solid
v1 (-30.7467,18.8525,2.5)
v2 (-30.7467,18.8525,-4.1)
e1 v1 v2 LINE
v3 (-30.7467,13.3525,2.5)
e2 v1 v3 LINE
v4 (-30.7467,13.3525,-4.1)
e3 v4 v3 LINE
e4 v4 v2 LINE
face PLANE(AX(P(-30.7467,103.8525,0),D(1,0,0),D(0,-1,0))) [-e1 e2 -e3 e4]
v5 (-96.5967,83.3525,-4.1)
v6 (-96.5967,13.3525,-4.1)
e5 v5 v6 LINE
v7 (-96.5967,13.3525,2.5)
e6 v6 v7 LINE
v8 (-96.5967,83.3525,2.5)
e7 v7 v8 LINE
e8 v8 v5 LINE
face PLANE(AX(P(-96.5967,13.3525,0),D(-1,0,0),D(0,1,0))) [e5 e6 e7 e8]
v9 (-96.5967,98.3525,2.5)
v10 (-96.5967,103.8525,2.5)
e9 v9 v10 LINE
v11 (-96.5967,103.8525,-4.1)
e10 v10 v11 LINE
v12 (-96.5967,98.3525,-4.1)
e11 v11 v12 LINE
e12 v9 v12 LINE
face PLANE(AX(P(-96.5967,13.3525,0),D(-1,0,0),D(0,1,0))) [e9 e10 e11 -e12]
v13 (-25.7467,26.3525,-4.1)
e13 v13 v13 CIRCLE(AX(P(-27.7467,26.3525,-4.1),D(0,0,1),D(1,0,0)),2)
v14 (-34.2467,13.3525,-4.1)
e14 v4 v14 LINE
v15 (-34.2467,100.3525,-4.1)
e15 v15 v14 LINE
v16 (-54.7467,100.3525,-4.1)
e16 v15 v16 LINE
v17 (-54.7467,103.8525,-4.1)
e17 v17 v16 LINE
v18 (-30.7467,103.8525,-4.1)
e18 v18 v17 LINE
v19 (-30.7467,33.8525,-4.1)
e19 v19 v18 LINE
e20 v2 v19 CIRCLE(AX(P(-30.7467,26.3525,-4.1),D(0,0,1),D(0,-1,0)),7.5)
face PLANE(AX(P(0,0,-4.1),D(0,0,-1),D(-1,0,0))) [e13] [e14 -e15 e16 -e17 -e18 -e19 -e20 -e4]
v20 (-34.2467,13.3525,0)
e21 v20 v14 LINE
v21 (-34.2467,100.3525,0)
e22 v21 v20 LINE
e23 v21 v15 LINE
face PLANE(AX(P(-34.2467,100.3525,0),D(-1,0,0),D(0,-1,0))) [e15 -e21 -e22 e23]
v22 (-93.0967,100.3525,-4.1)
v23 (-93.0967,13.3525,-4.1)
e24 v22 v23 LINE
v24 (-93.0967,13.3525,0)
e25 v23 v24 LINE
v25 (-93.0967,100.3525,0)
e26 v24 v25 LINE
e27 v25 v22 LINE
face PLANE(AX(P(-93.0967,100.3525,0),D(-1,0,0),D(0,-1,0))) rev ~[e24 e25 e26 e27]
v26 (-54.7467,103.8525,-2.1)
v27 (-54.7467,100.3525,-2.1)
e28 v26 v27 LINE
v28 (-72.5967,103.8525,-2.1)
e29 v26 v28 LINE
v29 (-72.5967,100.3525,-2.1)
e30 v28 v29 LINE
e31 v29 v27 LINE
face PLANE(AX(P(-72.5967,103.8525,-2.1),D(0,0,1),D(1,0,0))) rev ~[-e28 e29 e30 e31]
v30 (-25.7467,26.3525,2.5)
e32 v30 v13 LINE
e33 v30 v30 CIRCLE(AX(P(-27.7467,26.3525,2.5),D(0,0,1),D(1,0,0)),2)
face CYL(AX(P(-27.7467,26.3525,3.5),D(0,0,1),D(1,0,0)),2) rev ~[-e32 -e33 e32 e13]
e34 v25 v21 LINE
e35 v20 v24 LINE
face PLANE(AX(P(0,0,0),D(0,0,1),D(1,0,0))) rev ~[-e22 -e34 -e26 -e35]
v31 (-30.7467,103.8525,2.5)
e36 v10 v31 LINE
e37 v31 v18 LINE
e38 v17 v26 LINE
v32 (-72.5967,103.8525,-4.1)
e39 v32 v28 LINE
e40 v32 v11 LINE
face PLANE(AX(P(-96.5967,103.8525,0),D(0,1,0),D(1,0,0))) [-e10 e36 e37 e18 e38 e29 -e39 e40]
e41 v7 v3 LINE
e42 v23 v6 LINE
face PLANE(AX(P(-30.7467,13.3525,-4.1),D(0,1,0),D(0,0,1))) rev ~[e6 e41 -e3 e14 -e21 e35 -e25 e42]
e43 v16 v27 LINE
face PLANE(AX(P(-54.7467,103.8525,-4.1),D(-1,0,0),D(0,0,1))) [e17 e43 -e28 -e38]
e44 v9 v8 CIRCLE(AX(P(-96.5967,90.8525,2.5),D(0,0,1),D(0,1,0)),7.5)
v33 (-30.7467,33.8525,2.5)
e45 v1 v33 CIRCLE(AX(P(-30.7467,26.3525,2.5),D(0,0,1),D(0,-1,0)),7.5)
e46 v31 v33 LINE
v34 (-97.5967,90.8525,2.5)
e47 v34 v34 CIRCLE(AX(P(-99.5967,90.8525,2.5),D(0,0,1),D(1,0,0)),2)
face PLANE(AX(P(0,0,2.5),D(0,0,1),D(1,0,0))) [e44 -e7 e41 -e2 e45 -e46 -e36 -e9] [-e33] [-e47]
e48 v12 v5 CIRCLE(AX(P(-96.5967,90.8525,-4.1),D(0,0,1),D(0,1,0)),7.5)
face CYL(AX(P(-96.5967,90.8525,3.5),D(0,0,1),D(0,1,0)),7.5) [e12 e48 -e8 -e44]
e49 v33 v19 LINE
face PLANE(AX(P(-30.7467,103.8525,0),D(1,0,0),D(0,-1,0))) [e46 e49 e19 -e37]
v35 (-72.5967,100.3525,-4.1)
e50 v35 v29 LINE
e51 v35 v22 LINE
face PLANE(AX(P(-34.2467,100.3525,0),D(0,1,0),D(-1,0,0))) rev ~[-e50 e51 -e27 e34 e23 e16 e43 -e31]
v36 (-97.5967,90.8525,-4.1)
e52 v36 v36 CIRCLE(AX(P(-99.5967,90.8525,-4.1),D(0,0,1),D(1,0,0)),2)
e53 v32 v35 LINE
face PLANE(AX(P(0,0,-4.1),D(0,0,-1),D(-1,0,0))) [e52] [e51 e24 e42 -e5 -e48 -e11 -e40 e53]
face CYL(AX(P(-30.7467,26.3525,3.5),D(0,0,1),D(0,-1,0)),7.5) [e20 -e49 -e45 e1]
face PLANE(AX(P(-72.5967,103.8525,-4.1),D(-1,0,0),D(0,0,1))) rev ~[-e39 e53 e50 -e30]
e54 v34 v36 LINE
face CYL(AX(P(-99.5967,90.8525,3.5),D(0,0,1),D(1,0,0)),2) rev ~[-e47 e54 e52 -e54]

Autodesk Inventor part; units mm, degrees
ref_plane "YZ Plane" through (0, 0, 0) normal (1, 0, 0) x (0, 1, 0)
ref_plane "XZ Plane" through (0, 0, 0) normal (0, 1, 0) x (-1, 0, 0)
ref_plane "XY Plane" through (0, 0, 0) normal (0, 0, 1) x (1, 0, 0)
sketch "Skizze1" plane through (0, 0, 0) normal (0, 0, 1) x (1, 0, 0)
  line L0 (-34.2467, 13.3525) -> (-93.0967, 13.3525)
  line L1 (-93.0967, 13.3525) -> (-93.0967, 100.3525)
  line L2 (-93.0967, 100.3525) -> (-34.2467, 100.3525)
  line L3 (-34.2467, 100.3525) -> (-34.2467, 13.3525)
  point P0 (0, 0)
  dimension "d0" = 58.85
  dimension "d1" = 87
extrude "Extrusion1" add sketch "Skizze1" along normal blind 3.5
sketch "Skizze2" plane through (0, 0, 3.5) normal (0, 0, 1) x (1, 0, 0)
  line L0 (-93.0967, 13.3525) -> (-34.2467, 13.3525) projected
  line L1 (-93.0967, 13.3525) -> (-96.5967, 13.3525)
  line L2 (-96.5967, 13.3525) -> (-96.5967, 103.8525)
  line L3 (-96.5967, 103.8525) -> (-30.7467, 103.8525)
  line L4 (-34.2467, 100.3525) -> (-93.0967, 100.3525) projected
  line L5 (-30.7467, 103.8525) -> (-30.7467, 13.3525)
  line L6 (-30.7467, 13.3525) -> (-34.2467, 13.3525)
  line L7 (-34.2467, 13.3525) -> (-34.2467, 100.3525) projected
  line L8 (-34.2467, 13.3525) -> (-34.2467, 100.3525)
  line L9 (-34.2467, 100.3525) -> (-93.0967, 100.3525)
  line L10 (-93.0967, 100.3525) -> (-93.0967, 13.3525)
  line L11 (-30.7467, 13.3525) -> (-30.7467, 9.8525)
  line L12 (-30.7467, 9.8525) -> (-96.5967, 9.8525)
  line L13 (-96.5967, 9.8525) -> (-96.5967, 13.3525)
  line L14 (-30.7467, 13.3525) -> (-96.5967, 13.3525)
  point P0 (0, 0)
  dimension "d4" = 3.5
  dimension "d5" = 3.5
  dimension "d6" = 3.5
  dimension "d7" = 3.5
extrude "Extrusion2" add sketch "Skizze2" against normal blind 5.6 contours L0 L6 L11 L12 L13 L1
sketch "Skizze3" plane through (0, 0, 0) normal (0, 0, -1) x (-1, 0, 0)
  line L0 (30.7467, 15.473) -> (30.7467, 103.8525)
  line L1 (30.7467, 103.8525) -> (96.5967, 103.8525)
  line L2 (34.2467, 100.3525) -> (93.0967, 100.3525) projected
  line L3 (96.5967, 103.8525) -> (96.5967, 13.3525)
  line L4 (93.0967, 100.3525) -> (93.0967, 13.3525) projected
  line L5 (34.2467, 100.3525) -> (34.2467, 13.3525) projected
  line L6 (30.7467, 13.3525) -> (30.7467, 15.473)
  line L7 (30.7467, 13.3525) -> (34.2467, 13.3525) projected
  line L8 (30.7467, 13.3525) -> (34.2467, 13.3525)
  line L9 (34.2467, 13.3525) -> (34.2467, 100.3525) projected
  line L10 (34.2467, 13.3525) -> (34.2467, 100.3525)
  line L11 (34.2467, 100.3525) -> (93.0967, 100.3525)
  line L12 (34.2467, 13.3525) -> (93.0967, 13.3525) projected
  line L13 (93.0967, 13.3525) -> (96.5967, 13.3525) projected
  line L14 (93.0967, 13.3525) -> (96.5967, 13.3525)
  line L15 (96.5967, 13.3525) -> (96.5967, 103.8525)
  point P0 (0, 0)
  dimension "d10" = 3.5
  dimension "d11" = 3.5
  dimension "d12" = 3.5
extrude "Extrusion3" add sketch "Skizze3" along normal blind 4.1 contours L0 L1 L3 L13 L4 L2 L5 L7 L6
sketch "Skizze4" plane through (0, 0, 0) normal (0, 0, 1) x (1, 0, 0)
  line L0 (-34.2467, 13.3525) -> (-93.0967, 13.3525) projected
  line L1 (-96.5967, 9.8525) -> (-96.5967, 13.3525) projected
  line L2 (-93.0967, 13.3525) -> (-96.5967, 13.3525)
  line L3 (-96.5967, 103.8525) -> (-30.7467, 103.8525) projected
  line L4 (-96.5967, 13.3525) -> (-96.5967, 103.8525)
  line L5 (-96.5967, 103.8525) -> (-30.7467, 103.8525)
  line L6 (-30.7467, 103.8525) -> (-30.7467, 13.3525) projected
  line L7 (-30.7467, 103.8525) -> (-30.7467, 13.3525)
  line L8 (-34.2467, 100.3525) -> (-34.2467, 13.3525) projected
  line L9 (-30.7467, 13.3525) -> (-34.2467, 13.3525)
  line L10 (-34.2467, 100.3525) -> (-93.0967, 100.3525) projected
  line L11 (-34.2467, 13.3525) -> (-34.2467, 100.3525)
  line L12 (-34.2467, 100.3525) -> (-93.0967, 100.3525)
  line L13 (-93.0967, 100.3525) -> (-93.0967, 13.3525)
  point P0 (0, 0)
extrude "Extrusion4" add sketch "Skizze4" along normal blind 3.5 contours L8 L10 L13 L2 L4 L3 L6 L9
sketch "Skizze5" plane through (-96.5967, 103.8525, -4.1) normal (0, 1, 0) x (1, 0, 0)
  line L0 (62.35, 0) -> (3.5, 0) projected
  line L1 (24.85, 0) -> (41.85, 0)
  line L2 (41.85, 0) -> (41.85, -2)
  line L3 (41.85, -2) -> (24.85, -2)
  line L4 (24.85, -2) -> (24.85, 0)
  line L5 (65.85, -7.6) -> (65.85, 0) projected
  line L6 (0, -7.6) -> (0, 0) projected
  point P0 (96.5967, -4.1)
  dimension "d17" = 17
  dimension "d18" = 24
  dimension "d19" = 2
  dimension "d40" = 24.85
extrude "Extrusion5" cut sketch "Skizze5" against normal blind 3.5
sketch "Skizze7" plane through (0, 0, -4.1) normal (0, 0, -1) x (-1, 0, 0)
  line L0 (30.7467, 9.8525) -> (30.7467, 103.8525) projected
  line L1 (30.7467, 9.8525) -> (96.5967, 9.8525) projected
  line L2 (96.5967, 13.3525) -> (96.5967, 103.8525) projected
  arc A0 (96.5967, 83.3525) -> (96.5967, 98.3525) centre (96.5967, 90.8525) ccw
  line L3 (96.5967, 103.8525) -> (71.7467, 103.8525) projected
  point P0 (0, 0)
  point P1 (30.7467, 15.3525)
  point P2 (30.7467, 30.3525)
  dimension "d24" = 15
  dimension "d25" = 13
sketch "Skizze8" plane through (-30.7467, 9.8525, 3.5) normal (1, 0, 0) x (0, 0, -1)
  point P0 (3.5, -9.8525)
extrude "Extrusion6" [suppressed]
sketch "Skizze9" plane through (0, 0, -4.1) normal (0, 0, -1) x (-1, 0, 0)
  circle A0 centre (27.7467, 22.8525) radius 2
  line L0 (30.7467, 103.8525) -> (30.7467, 13.3525) projected
  point P0 (0, 0)
  point P1 (30.7467, 22.8525)
  point P2 (30.7467, 15.3525)
  dimension "d28" = 7.5
  dimension "d29" = 4
  dimension "d30" = 3
extrude "Extrusion7" cut sketch "Skizze9" against normal through all
sketch "Skizze10" plane through (0, 0, -4.1) normal (0, 0, -1) x (-1, 0, 0)
  circle A0 centre (99.5967, 90.8525) radius 2
  line L0 (96.5967, 13.3525) -> (96.5967, 103.8525) projected
  point P0 (0, 0)
  point P1 (96.5967, 98.3525)
  dimension "d33" = 4
  dimension "d34" = 3
extrude "Extrusion8" cut sketch "Skizze10" against normal through all
sketch "Skizze11" plane through (0, 0, 3.5) normal (0, 0, 1) x (1, 0, 0)
  point P0 (0, 0)
sketch "Skizze12" plane through (-30.7467, 9.8525, 3.5) normal (1, 0, 0) x (0, 0, -1)
  line L0 (7.6, 3.5) -> (7.6, 94) projected
  line L1 (7.6, 3.5) -> (0, 3.5)
  line L2 (0, 3.5) -> (0, 0)
  line L3 (0, 0) -> (7.6, 0)
  line L4 (7.6, 0) -> (7.6, 3.5)
  point P0 (3.5, -9.8525)
extrude "Extrusion9" cut sketch "Skizze12" against normal through all
sketch "Skizze13" plane through (-30.7467, 13.3525, 3.5) normal (1, 0, 0) x (0, 0, -1)
  line L0 (7.6, 87) -> (7.6, 0) projected
  line L1 (7.6, 0) -> (5.1687, 0)
  line L2 (5.1687, 0) -> (5.1687, 2.037)
  line L3 (5.1687, 2.037) -> (7.6, 2.037)
  line L4 (7.6, 2.037) -> (7.6, 0)
  point P0 (3.5, -13.3525)
sketch "Skizze14" plane through (0, 0, 3.5) normal (0, 0, 1) x (1, 0, 0)
  line L0 (-30.7467, 103.8525) -> (-30.7467, 13.3525) projected
  arc A0 (-30.7467, 18.8525) -> (-30.7467, 33.8525) centre (-30.7467, 26.3525) ccw
  line L1 (-96.5967, 103.8525) -> (-96.5967, 13.3525) projected
  arc A1 (-96.5967, 98.3525) -> (-96.5967, 83.3525) centre (-96.5967, 90.8525) ccw
  line L2 (-96.5967, 13.3525) -> (-30.7467, 13.3525) projected
  circle A2 centre (-27.7467, 26.3525) radius 2
  circle A3 centre (-99.5967, 90.8525) radius 2
  point P0 (0, 0)
  dimension "d41" = 15
  dimension "d42" = 15
  dimension "d43" = 13
  dimension "d44" = 13
  dimension "d45" = 3
  dimension "d46" = 4
  dimension "d47" = 3
  dimension "d48" = 4
sketch "Skizze15" plane through (-96.5967, 13.3525, 3.5) normal (-1, 0, 0) x (0, 0, 1)
  point P0 (-3.5, -13.3525)
extrude "Extrusion10" add sketch "Skizze14" against normal blind 7.6
sketch "Skizze16" plane through (-93.0967, 13.3525, 0) normal (0, -1, 0) x (1, 0, 0)
  point P0 (93.0967, 0)
sketch "Skizze17" plane through (0, 0, 3.5) normal (0, 0, 1) x (1, 0, 0)
  line L0 (-13.2494, 3.641) -> (-122.0727, 3.641)
  line L1 (-122.0727, 3.641) -> (-122.0727, 119.9278)
  line L2 (-122.0727, 119.9278) -> (-13.2494, 119.9278)
  line L3 (-13.2494, 119.9278) -> (-13.2494, 3.641)
  point P0 (0, 0)
extrude "Extrusion11" cut sketch "Skizze17" against normal blind 1
sketch "Skizze18" plane through (0, 0, 0) normal (0, 0, -1) x (-1, 0, 0)
  point P0 (0, 0)
ref_plane "Arbeitsebene1" through (-96.5967, 103.8525, -4.1) normal (0, 1, 0) x (1, 0, 0)
sketch "Skizze19" plane through (-96.5967, 103.8525, -4.1) normal (0, 1, 0) x (1, 0, 0)
  line L0 (0, -6.6) -> (0, 0) projected
  line L1 (0, 0) -> (24.85, 0) projected
  line L2 (0, -6.6) -> (65.85, -6.6) projected
  line L3 (65.85, -6.6) -> (65.85, 0) projected
  line L4 (41.85, 0) -> (65.85, 0) projected
  line L5 (24, -2) -> (41.85, -2)
  line L6 (41.85, -2) -> (41.85, 5.2977)
  line L7 (41.85, 5.2977) -> (24, 5.2977)
  line L8 (24, 5.2977) -> (24, -2)
  point P0 (96.5967, -4.1)
  dimension "d54" = 24
  dimension "d55" = 24
  dimension "d56" = 2
extrude "Extrusion12" cut sketch "Skizze19" against normal blind 10 contours L8 L7 L6 L5
properties part number "Unterteil_fertig2"
